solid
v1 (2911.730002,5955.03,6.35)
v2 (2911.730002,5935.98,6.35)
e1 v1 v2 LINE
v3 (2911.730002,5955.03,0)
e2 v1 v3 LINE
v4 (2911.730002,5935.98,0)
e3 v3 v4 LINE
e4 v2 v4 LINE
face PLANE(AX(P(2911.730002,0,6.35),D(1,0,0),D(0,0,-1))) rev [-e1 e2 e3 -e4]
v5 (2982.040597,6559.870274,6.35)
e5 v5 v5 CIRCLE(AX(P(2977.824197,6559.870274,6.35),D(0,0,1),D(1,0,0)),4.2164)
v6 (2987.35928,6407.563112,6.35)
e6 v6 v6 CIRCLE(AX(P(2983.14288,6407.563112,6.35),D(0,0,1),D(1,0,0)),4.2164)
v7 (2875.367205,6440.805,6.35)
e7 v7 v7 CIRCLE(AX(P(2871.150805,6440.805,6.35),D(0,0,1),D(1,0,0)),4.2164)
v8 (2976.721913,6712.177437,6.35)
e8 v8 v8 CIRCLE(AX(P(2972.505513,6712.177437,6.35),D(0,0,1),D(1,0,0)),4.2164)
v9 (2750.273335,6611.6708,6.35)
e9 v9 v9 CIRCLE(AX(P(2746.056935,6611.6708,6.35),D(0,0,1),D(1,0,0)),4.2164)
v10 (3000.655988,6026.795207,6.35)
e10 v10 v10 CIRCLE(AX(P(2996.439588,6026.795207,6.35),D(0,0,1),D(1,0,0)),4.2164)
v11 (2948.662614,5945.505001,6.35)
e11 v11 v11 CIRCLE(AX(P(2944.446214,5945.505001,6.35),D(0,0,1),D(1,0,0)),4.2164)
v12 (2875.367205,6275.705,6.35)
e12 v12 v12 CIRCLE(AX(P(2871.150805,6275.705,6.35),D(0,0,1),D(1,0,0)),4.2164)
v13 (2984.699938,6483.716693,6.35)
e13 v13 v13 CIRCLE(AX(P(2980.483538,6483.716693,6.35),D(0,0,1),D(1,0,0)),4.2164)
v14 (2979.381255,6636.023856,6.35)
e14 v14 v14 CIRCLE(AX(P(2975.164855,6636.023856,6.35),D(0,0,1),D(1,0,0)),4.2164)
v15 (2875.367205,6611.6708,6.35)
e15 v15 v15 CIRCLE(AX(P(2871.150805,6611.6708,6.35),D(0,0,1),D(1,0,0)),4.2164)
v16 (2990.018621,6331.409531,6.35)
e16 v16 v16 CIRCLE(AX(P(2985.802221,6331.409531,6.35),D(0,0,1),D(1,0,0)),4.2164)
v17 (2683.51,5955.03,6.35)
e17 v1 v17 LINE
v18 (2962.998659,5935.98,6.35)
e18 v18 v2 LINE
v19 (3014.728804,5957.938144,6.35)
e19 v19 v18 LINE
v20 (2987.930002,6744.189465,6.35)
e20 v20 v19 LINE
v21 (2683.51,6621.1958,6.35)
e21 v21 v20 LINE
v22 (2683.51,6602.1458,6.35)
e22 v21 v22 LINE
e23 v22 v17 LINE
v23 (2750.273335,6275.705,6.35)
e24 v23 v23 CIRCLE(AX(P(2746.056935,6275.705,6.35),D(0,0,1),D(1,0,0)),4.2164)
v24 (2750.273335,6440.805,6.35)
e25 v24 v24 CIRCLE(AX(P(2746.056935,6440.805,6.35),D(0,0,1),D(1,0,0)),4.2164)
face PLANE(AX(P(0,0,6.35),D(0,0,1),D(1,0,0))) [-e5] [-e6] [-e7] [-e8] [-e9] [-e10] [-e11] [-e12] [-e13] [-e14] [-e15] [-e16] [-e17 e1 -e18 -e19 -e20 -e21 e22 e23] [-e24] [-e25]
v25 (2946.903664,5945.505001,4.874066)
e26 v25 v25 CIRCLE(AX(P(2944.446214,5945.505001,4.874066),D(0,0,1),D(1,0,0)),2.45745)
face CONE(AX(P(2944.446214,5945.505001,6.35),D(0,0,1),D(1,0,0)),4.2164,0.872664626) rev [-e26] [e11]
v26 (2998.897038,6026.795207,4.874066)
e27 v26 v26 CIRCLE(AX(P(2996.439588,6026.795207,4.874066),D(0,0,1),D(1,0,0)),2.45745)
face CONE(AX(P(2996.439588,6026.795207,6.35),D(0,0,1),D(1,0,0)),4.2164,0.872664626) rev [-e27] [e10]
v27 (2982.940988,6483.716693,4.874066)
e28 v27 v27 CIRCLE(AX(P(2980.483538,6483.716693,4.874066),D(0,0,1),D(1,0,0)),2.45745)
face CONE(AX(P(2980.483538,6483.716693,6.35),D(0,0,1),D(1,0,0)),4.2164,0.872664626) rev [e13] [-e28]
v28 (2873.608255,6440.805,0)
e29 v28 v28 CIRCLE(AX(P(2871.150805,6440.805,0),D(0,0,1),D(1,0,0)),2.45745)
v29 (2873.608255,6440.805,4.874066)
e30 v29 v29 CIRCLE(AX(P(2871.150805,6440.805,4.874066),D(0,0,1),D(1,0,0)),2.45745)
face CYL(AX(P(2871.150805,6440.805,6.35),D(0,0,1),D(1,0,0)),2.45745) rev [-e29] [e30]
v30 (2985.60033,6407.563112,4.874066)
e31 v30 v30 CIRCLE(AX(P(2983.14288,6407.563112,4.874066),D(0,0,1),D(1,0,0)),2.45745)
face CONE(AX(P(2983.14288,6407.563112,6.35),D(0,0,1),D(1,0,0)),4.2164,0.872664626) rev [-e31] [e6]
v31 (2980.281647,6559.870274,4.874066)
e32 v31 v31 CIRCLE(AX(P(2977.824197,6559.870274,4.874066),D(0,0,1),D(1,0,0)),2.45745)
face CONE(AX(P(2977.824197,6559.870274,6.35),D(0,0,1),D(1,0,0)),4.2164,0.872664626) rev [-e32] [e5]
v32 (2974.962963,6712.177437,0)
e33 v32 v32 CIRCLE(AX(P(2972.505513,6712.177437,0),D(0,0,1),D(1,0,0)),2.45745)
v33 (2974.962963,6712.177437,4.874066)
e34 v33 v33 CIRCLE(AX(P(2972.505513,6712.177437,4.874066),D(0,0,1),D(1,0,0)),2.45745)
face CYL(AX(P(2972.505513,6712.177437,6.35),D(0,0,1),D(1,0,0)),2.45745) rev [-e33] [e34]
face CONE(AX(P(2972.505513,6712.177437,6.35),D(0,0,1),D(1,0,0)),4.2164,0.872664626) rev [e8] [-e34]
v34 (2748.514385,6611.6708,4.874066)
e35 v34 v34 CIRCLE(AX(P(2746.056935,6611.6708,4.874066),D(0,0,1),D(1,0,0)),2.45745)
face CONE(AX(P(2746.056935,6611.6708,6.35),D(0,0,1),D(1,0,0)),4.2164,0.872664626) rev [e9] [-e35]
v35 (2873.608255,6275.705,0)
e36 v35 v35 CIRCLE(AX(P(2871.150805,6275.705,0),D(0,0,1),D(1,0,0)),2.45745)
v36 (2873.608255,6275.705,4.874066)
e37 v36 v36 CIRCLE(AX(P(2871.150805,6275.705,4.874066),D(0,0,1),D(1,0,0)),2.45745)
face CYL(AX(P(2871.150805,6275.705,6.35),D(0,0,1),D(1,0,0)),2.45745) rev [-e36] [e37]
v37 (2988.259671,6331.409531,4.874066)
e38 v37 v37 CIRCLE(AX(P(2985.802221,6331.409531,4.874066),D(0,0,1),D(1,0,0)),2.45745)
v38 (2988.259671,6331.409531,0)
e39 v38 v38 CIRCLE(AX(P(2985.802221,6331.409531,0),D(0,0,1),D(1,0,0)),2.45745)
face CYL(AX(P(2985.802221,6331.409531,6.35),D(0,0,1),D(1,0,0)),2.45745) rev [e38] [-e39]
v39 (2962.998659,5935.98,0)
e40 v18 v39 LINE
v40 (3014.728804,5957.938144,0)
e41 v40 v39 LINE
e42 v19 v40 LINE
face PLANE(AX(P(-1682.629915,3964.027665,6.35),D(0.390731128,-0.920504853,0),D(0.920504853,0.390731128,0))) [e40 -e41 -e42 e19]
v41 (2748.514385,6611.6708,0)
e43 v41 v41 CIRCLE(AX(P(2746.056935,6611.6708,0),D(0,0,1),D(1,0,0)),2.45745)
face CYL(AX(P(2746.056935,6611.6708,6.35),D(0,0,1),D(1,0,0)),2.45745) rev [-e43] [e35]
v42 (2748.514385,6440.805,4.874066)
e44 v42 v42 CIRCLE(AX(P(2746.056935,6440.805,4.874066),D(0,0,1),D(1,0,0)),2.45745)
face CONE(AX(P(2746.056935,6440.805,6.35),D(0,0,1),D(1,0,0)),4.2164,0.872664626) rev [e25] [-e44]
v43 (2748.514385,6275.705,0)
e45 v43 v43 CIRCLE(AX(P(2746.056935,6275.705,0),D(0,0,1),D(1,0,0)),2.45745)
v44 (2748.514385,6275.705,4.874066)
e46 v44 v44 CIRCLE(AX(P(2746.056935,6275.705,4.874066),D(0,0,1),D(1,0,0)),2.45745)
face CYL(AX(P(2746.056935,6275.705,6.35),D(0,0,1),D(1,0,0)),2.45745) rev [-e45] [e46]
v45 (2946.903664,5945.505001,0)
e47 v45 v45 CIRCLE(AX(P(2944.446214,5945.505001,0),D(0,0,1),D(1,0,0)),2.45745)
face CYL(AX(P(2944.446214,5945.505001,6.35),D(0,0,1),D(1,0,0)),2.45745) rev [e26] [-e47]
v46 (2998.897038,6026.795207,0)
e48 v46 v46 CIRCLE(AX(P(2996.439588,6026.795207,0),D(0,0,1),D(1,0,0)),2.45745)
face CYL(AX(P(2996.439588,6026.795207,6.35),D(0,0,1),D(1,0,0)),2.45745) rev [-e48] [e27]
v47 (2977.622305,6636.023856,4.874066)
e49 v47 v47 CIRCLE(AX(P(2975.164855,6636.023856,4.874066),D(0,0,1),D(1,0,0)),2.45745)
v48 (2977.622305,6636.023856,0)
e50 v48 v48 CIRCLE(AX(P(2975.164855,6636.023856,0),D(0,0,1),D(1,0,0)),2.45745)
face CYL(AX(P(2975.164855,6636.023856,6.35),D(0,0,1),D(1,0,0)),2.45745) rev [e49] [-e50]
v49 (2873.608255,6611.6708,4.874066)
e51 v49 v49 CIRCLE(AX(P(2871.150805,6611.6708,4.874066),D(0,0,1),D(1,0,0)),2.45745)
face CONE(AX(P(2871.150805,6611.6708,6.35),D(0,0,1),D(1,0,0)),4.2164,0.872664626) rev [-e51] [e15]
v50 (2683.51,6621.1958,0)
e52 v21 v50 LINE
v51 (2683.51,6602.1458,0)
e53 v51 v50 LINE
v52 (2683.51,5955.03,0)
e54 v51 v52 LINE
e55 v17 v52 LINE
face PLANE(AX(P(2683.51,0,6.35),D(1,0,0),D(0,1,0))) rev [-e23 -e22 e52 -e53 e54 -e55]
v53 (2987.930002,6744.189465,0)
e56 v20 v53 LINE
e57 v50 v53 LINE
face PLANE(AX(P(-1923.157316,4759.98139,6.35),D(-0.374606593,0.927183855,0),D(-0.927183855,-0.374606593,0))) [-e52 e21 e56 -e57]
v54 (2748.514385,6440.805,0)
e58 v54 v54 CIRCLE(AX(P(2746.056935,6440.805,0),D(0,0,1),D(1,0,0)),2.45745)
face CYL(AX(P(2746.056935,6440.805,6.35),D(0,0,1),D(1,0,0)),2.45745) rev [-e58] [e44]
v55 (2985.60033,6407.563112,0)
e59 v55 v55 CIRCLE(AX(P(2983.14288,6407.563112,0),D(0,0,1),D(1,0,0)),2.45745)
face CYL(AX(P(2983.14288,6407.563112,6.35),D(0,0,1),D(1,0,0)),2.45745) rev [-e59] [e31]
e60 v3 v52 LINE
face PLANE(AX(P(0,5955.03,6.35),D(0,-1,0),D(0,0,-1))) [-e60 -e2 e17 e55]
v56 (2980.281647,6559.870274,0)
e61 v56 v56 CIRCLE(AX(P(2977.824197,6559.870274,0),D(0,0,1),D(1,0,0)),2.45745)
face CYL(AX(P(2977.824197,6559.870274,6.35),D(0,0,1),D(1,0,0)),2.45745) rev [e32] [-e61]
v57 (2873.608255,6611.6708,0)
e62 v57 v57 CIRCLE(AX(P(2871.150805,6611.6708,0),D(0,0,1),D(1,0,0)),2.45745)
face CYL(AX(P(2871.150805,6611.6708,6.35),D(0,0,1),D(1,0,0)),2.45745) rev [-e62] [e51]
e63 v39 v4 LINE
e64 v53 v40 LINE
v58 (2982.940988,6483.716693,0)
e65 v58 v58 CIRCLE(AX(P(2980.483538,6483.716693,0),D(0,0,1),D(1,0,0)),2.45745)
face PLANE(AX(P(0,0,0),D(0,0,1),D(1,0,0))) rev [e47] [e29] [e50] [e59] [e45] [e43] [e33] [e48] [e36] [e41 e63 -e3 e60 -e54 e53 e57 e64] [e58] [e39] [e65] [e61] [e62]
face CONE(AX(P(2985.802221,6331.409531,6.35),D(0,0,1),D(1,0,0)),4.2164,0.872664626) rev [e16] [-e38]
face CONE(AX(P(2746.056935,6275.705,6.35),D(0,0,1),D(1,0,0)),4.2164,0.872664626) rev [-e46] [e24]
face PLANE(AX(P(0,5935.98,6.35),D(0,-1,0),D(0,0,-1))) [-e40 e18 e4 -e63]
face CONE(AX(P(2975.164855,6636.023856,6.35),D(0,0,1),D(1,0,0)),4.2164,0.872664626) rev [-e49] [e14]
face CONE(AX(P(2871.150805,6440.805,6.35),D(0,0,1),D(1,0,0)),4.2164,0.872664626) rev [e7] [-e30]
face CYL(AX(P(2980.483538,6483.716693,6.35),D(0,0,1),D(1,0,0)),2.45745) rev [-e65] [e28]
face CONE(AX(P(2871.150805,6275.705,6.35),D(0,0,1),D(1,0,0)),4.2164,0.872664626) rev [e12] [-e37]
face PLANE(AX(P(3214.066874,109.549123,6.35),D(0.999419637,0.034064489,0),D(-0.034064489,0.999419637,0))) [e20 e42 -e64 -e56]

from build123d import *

# Parameters (mm, degrees)
BOSS_EXTRUDE1_DEPTH                               = 6.35
BOSS_EXTRUDE2_DEPTH                               = 6.35
CSK_FOR_8_FLAT_HEAD_MACHINE_SCREW_100_D           = 4.9149
CSK_FOR_8_FLAT_HEAD_MACHINE_SCREW_100_DEPTH       = 6.35
CSK_FOR_8_FLAT_HEAD_MACHINE_SCREW_100_CSINK_D     = 8.4328
CSK_FOR_8_FLAT_HEAD_MACHINE_SCREW_100_CSINK_ANGLE = 100


with BuildPart() as part:
    # Sketch1 → Boss-Extrude1 (new body)
    with BuildSketch(Plane.XY):
        Polygon((2683.510000011, 6621.1958), (2683.510000013, 5955.03), (2911.730002065, 5955.03), (2911.730002065, 5935.980000183), (2962.998658572, 5935.980000183), (3014.728804207, 5957.938144244), (2987.930002065, 6744.189464503), align=None)
    extrude(amount=BOSS_EXTRUDE1_DEPTH)

    # Sketch2 → Boss-Extrude2 (add)
    with BuildSketch(Plane.XY.offset(6.35)):
        Polygon((2933.697739453, 6621.1958), (2683.510000011, 6621.1958), (2683.510000386, 6602.1458), (2933.697739453, 6602.1458), align=None)
    extrude(amount=-BOSS_EXTRUDE2_DEPTH)

    # CSK for #8 Flat Head Machine Screw (100)2
    with Locations(Plane.XY.offset(6.35)):
        with Locations((2871.150804655, 6611.6708), (2746.056935059, 6611.6708), (2746.056934863, 6440.805), (2871.15080459, 6440.805), (2746.0569351, 6275.705000214), (2871.150804763, 6275.705000214), (2944.446214291, 5945.505000556), (2996.439588076, 6026.795207351), (2985.802221481, 6331.409531427), (2983.142879832, 6407.563112446), (2980.483538184, 6483.716693465), (2977.824196535, 6559.870274483), (2975.164854886, 6636.023855502), (2972.505513237, 6712.177436521)):
            CounterSinkHole(CSK_FOR_8_FLAT_HEAD_MACHINE_SCREW_100_D / 2, CSK_FOR_8_FLAT_HEAD_MACHINE_SCREW_100_CSINK_D / 2, depth=CSK_FOR_8_FLAT_HEAD_MACHINE_SCREW_100_DEPTH, counter_sink_angle=CSK_FOR_8_FLAT_HEAD_MACHINE_SCREW_100_CSINK_ANGLE)


solid = part.part
